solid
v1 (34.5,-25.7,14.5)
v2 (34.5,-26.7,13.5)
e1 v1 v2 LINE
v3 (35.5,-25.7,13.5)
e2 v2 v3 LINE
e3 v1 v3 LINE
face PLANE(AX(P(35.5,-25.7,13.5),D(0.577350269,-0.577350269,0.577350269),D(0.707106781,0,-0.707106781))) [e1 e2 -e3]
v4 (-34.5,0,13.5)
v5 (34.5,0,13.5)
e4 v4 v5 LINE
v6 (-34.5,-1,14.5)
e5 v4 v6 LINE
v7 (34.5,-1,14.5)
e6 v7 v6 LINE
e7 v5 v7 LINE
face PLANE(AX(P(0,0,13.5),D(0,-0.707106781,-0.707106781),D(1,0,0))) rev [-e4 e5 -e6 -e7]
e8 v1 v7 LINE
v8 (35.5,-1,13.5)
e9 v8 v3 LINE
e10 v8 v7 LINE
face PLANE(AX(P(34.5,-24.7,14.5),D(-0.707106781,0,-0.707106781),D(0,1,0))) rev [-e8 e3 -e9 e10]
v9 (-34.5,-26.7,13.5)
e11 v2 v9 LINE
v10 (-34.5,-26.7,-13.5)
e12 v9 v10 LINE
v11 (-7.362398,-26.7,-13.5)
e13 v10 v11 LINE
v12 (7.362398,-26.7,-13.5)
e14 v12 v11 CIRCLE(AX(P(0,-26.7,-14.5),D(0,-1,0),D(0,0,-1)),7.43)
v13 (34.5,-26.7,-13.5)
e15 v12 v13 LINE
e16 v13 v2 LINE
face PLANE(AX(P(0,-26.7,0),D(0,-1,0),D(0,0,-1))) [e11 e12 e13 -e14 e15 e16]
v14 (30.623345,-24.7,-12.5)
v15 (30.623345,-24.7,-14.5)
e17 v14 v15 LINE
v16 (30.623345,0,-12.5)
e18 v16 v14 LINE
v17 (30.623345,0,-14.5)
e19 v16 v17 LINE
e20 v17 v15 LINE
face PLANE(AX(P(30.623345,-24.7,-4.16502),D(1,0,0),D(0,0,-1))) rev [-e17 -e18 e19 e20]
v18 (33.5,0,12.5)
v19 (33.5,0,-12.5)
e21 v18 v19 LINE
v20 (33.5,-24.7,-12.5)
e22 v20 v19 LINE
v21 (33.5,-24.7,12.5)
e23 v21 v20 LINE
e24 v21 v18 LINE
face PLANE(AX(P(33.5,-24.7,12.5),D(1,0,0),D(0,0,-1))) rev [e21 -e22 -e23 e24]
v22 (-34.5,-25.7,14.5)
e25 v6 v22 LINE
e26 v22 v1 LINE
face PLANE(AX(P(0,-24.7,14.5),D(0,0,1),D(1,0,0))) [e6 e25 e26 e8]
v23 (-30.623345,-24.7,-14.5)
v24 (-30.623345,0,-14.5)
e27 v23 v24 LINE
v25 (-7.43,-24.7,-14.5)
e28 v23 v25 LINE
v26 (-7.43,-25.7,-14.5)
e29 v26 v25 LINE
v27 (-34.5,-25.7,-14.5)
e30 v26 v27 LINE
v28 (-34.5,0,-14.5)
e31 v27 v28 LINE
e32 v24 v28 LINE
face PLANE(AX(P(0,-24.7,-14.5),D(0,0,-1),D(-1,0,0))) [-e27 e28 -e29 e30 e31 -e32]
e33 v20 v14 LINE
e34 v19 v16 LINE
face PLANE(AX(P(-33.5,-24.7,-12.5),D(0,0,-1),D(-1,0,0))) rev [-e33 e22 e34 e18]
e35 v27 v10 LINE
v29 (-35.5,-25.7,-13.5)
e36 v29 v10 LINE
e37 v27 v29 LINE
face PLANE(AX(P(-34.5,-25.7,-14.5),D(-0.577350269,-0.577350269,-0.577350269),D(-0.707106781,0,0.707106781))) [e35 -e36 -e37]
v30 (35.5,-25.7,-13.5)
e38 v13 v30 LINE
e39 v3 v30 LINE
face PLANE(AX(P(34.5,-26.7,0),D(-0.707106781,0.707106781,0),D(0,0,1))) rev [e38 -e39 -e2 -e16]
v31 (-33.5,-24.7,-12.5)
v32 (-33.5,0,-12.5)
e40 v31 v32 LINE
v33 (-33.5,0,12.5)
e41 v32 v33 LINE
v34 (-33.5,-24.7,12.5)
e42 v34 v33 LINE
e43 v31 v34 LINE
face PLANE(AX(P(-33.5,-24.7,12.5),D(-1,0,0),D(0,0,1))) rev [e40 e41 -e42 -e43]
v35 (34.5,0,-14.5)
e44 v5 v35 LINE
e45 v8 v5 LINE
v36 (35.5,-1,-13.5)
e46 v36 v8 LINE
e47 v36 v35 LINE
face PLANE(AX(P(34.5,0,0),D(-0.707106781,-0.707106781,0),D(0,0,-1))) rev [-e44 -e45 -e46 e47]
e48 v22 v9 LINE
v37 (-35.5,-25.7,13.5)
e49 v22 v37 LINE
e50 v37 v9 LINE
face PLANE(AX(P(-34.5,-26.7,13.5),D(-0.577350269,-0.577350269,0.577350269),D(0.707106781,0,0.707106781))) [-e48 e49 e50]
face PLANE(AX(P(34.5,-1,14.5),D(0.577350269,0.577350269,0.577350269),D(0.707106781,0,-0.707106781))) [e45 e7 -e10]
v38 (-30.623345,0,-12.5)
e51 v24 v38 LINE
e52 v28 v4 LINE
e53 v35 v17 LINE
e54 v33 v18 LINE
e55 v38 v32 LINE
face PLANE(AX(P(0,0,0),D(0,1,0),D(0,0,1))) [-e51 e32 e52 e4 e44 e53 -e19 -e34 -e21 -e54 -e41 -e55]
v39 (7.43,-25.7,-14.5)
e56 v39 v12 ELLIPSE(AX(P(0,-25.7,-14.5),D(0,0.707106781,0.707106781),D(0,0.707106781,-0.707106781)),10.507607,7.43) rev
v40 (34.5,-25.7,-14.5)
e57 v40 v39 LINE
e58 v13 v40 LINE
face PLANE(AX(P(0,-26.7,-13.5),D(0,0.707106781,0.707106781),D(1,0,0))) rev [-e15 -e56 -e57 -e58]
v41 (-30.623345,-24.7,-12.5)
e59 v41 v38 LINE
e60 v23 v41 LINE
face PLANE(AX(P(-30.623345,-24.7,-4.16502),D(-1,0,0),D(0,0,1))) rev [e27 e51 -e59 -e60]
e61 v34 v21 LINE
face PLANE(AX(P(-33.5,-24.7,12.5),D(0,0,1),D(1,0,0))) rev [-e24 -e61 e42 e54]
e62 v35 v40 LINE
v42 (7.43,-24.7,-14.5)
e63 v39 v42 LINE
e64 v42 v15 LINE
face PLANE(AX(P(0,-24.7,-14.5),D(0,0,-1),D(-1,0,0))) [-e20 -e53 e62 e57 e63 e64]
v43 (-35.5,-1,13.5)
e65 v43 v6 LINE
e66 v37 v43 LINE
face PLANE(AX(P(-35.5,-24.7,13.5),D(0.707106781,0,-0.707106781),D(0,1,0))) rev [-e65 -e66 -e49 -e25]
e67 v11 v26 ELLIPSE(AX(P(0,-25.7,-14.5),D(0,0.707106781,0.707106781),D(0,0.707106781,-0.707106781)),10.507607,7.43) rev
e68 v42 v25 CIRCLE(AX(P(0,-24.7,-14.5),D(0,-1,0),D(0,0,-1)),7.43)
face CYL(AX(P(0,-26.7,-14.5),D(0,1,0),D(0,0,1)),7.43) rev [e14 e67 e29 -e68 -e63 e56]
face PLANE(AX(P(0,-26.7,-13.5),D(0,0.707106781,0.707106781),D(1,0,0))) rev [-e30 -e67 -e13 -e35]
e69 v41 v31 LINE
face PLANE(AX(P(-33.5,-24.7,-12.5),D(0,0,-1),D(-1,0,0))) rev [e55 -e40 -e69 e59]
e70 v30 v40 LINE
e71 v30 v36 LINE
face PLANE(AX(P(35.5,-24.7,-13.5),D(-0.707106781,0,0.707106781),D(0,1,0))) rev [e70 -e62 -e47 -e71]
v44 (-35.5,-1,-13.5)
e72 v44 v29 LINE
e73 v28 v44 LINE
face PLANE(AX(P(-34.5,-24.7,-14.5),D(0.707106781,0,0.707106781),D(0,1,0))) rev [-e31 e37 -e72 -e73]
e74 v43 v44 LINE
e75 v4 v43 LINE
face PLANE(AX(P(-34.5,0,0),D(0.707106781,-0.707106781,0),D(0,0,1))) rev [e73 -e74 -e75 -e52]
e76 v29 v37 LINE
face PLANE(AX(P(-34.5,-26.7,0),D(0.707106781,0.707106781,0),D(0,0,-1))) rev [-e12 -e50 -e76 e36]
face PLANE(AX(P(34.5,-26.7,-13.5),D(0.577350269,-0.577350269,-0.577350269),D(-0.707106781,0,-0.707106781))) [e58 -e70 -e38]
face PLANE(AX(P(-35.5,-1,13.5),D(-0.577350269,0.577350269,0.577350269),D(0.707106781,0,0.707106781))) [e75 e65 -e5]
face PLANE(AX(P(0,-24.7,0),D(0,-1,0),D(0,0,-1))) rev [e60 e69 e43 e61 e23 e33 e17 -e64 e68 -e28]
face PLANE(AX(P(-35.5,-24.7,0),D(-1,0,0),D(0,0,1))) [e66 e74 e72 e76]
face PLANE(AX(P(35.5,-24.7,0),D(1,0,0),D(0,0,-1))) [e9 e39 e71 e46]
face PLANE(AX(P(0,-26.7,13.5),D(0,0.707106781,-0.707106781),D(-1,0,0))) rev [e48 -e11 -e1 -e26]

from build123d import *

# Parameters (mm, degrees)
SKETCH1_W               = 71
SKETCH1_H               = 29
SKETCH1_W_2             = 67
SKETCH1_H_2             = 25
EXTRUDE_THIN1_DEPTH     = 24.7
CUT_EXTRUDE1_DEPTH      = 46.613484848
CUT_EXTRUDE1_DEPTH_BACK = 46.613484848
SKETCH2_W               = 61.246689818
SKETCH2_H               = 16.669960146
BOSS_EXTRUDE1_DEPTH     = 2
CHAMFER1_SIZE           = 1


with BuildPart() as part:
    # Sketch1 → Extrude-Thin1 (new body)
    with BuildSketch(Plane(origin=(0, 0, 0), x_dir=(1, 0, 0), z_dir=(0, 1, 0))):
        Rectangle(SKETCH1_W, SKETCH1_H)
        Rectangle(SKETCH1_W_2, SKETCH1_H_2, mode=Mode.SUBTRACT)
    extrude(amount=-EXTRUDE_THIN1_DEPTH)

    # Sketch2 → Cut-Extrude1 (cut, two sides: drawn at the far end of the back side and taken through both)
    with BuildSketch(Plane(origin=(0, 0, 0), x_dir=(1, 0, 0), z_dir=(0, 1, 0)).offset(-CUT_EXTRUDE1_DEPTH_BACK)):
        with Locations((0, 12.5)):
            Rectangle(SKETCH2_W, SKETCH2_H)
    extrude(amount=CUT_EXTRUDE1_DEPTH + CUT_EXTRUDE1_DEPTH_BACK, mode=Mode.SUBTRACT)

    # Sketch3 → Boss-Extrude1 (add)
    with BuildSketch(Plane.XZ.offset(24.7)):
        with BuildLine():
            Line((7.43, -14.5), (30.623344909, -14.5))
            Line((30.623344909, -14.5), (30.623344909, -12.5))
            Line((30.623344909, -12.5), (33.5, -12.5))
            Line((33.5, -12.5), (33.5, 12.5))
            Line((33.5, 12.5), (-33.5, 12.5))
            Line((-33.5, 12.5), (-33.5, -12.5))
            Line((-33.5, -12.5), (-30.623344909, -12.5))
            Line((-30.623344909, -12.5), (-30.623344909, -14.5))
            Line((-30.623344909, -14.5), (-7.43, -14.5))
            ThreePointArc((-7.43, -14.5), (0, -7.07), (7.43, -14.5))
        make_face()
        Polygon((33.5, 12.5), (33.5, -12.5), (30.623344909, -12.5), (30.623344909, -14.5), (35.5, -14.5), (35.5, 14.5), (-35.5, 14.5), (-35.5, -14.5), (-30.623344909, -14.5), (-30.623344909, -12.5), (-33.5, -12.5), (-33.5, 12.5), align=None)
    extrude(amount=BOSS_EXTRUDE1_DEPTH)

    # Chamfer1
    chamfer1_edges = [part.edges().sort_by_distance(p)[0] for p in [
        (0, 0, 14.5),
        (-35.5, 0, 0),
        (35.5, 0, 0),
        (21.465, -26.7, -14.5),
        (35.5, -26.7, 0),
        (0, -26.7, 14.5),
        (-35.5, -26.7, 0),
        (-21.465, -26.7, -14.5),
        (35.5, -13.35, 14.5),
        (-35.5, -13.35, 14.5),
        (-35.5, -13.35, -14.5),
        (35.5, -13.35, -14.5),
    ]]
    chamfer(chamfer1_edges, length=CHAMFER1_SIZE)


solid = part.part
